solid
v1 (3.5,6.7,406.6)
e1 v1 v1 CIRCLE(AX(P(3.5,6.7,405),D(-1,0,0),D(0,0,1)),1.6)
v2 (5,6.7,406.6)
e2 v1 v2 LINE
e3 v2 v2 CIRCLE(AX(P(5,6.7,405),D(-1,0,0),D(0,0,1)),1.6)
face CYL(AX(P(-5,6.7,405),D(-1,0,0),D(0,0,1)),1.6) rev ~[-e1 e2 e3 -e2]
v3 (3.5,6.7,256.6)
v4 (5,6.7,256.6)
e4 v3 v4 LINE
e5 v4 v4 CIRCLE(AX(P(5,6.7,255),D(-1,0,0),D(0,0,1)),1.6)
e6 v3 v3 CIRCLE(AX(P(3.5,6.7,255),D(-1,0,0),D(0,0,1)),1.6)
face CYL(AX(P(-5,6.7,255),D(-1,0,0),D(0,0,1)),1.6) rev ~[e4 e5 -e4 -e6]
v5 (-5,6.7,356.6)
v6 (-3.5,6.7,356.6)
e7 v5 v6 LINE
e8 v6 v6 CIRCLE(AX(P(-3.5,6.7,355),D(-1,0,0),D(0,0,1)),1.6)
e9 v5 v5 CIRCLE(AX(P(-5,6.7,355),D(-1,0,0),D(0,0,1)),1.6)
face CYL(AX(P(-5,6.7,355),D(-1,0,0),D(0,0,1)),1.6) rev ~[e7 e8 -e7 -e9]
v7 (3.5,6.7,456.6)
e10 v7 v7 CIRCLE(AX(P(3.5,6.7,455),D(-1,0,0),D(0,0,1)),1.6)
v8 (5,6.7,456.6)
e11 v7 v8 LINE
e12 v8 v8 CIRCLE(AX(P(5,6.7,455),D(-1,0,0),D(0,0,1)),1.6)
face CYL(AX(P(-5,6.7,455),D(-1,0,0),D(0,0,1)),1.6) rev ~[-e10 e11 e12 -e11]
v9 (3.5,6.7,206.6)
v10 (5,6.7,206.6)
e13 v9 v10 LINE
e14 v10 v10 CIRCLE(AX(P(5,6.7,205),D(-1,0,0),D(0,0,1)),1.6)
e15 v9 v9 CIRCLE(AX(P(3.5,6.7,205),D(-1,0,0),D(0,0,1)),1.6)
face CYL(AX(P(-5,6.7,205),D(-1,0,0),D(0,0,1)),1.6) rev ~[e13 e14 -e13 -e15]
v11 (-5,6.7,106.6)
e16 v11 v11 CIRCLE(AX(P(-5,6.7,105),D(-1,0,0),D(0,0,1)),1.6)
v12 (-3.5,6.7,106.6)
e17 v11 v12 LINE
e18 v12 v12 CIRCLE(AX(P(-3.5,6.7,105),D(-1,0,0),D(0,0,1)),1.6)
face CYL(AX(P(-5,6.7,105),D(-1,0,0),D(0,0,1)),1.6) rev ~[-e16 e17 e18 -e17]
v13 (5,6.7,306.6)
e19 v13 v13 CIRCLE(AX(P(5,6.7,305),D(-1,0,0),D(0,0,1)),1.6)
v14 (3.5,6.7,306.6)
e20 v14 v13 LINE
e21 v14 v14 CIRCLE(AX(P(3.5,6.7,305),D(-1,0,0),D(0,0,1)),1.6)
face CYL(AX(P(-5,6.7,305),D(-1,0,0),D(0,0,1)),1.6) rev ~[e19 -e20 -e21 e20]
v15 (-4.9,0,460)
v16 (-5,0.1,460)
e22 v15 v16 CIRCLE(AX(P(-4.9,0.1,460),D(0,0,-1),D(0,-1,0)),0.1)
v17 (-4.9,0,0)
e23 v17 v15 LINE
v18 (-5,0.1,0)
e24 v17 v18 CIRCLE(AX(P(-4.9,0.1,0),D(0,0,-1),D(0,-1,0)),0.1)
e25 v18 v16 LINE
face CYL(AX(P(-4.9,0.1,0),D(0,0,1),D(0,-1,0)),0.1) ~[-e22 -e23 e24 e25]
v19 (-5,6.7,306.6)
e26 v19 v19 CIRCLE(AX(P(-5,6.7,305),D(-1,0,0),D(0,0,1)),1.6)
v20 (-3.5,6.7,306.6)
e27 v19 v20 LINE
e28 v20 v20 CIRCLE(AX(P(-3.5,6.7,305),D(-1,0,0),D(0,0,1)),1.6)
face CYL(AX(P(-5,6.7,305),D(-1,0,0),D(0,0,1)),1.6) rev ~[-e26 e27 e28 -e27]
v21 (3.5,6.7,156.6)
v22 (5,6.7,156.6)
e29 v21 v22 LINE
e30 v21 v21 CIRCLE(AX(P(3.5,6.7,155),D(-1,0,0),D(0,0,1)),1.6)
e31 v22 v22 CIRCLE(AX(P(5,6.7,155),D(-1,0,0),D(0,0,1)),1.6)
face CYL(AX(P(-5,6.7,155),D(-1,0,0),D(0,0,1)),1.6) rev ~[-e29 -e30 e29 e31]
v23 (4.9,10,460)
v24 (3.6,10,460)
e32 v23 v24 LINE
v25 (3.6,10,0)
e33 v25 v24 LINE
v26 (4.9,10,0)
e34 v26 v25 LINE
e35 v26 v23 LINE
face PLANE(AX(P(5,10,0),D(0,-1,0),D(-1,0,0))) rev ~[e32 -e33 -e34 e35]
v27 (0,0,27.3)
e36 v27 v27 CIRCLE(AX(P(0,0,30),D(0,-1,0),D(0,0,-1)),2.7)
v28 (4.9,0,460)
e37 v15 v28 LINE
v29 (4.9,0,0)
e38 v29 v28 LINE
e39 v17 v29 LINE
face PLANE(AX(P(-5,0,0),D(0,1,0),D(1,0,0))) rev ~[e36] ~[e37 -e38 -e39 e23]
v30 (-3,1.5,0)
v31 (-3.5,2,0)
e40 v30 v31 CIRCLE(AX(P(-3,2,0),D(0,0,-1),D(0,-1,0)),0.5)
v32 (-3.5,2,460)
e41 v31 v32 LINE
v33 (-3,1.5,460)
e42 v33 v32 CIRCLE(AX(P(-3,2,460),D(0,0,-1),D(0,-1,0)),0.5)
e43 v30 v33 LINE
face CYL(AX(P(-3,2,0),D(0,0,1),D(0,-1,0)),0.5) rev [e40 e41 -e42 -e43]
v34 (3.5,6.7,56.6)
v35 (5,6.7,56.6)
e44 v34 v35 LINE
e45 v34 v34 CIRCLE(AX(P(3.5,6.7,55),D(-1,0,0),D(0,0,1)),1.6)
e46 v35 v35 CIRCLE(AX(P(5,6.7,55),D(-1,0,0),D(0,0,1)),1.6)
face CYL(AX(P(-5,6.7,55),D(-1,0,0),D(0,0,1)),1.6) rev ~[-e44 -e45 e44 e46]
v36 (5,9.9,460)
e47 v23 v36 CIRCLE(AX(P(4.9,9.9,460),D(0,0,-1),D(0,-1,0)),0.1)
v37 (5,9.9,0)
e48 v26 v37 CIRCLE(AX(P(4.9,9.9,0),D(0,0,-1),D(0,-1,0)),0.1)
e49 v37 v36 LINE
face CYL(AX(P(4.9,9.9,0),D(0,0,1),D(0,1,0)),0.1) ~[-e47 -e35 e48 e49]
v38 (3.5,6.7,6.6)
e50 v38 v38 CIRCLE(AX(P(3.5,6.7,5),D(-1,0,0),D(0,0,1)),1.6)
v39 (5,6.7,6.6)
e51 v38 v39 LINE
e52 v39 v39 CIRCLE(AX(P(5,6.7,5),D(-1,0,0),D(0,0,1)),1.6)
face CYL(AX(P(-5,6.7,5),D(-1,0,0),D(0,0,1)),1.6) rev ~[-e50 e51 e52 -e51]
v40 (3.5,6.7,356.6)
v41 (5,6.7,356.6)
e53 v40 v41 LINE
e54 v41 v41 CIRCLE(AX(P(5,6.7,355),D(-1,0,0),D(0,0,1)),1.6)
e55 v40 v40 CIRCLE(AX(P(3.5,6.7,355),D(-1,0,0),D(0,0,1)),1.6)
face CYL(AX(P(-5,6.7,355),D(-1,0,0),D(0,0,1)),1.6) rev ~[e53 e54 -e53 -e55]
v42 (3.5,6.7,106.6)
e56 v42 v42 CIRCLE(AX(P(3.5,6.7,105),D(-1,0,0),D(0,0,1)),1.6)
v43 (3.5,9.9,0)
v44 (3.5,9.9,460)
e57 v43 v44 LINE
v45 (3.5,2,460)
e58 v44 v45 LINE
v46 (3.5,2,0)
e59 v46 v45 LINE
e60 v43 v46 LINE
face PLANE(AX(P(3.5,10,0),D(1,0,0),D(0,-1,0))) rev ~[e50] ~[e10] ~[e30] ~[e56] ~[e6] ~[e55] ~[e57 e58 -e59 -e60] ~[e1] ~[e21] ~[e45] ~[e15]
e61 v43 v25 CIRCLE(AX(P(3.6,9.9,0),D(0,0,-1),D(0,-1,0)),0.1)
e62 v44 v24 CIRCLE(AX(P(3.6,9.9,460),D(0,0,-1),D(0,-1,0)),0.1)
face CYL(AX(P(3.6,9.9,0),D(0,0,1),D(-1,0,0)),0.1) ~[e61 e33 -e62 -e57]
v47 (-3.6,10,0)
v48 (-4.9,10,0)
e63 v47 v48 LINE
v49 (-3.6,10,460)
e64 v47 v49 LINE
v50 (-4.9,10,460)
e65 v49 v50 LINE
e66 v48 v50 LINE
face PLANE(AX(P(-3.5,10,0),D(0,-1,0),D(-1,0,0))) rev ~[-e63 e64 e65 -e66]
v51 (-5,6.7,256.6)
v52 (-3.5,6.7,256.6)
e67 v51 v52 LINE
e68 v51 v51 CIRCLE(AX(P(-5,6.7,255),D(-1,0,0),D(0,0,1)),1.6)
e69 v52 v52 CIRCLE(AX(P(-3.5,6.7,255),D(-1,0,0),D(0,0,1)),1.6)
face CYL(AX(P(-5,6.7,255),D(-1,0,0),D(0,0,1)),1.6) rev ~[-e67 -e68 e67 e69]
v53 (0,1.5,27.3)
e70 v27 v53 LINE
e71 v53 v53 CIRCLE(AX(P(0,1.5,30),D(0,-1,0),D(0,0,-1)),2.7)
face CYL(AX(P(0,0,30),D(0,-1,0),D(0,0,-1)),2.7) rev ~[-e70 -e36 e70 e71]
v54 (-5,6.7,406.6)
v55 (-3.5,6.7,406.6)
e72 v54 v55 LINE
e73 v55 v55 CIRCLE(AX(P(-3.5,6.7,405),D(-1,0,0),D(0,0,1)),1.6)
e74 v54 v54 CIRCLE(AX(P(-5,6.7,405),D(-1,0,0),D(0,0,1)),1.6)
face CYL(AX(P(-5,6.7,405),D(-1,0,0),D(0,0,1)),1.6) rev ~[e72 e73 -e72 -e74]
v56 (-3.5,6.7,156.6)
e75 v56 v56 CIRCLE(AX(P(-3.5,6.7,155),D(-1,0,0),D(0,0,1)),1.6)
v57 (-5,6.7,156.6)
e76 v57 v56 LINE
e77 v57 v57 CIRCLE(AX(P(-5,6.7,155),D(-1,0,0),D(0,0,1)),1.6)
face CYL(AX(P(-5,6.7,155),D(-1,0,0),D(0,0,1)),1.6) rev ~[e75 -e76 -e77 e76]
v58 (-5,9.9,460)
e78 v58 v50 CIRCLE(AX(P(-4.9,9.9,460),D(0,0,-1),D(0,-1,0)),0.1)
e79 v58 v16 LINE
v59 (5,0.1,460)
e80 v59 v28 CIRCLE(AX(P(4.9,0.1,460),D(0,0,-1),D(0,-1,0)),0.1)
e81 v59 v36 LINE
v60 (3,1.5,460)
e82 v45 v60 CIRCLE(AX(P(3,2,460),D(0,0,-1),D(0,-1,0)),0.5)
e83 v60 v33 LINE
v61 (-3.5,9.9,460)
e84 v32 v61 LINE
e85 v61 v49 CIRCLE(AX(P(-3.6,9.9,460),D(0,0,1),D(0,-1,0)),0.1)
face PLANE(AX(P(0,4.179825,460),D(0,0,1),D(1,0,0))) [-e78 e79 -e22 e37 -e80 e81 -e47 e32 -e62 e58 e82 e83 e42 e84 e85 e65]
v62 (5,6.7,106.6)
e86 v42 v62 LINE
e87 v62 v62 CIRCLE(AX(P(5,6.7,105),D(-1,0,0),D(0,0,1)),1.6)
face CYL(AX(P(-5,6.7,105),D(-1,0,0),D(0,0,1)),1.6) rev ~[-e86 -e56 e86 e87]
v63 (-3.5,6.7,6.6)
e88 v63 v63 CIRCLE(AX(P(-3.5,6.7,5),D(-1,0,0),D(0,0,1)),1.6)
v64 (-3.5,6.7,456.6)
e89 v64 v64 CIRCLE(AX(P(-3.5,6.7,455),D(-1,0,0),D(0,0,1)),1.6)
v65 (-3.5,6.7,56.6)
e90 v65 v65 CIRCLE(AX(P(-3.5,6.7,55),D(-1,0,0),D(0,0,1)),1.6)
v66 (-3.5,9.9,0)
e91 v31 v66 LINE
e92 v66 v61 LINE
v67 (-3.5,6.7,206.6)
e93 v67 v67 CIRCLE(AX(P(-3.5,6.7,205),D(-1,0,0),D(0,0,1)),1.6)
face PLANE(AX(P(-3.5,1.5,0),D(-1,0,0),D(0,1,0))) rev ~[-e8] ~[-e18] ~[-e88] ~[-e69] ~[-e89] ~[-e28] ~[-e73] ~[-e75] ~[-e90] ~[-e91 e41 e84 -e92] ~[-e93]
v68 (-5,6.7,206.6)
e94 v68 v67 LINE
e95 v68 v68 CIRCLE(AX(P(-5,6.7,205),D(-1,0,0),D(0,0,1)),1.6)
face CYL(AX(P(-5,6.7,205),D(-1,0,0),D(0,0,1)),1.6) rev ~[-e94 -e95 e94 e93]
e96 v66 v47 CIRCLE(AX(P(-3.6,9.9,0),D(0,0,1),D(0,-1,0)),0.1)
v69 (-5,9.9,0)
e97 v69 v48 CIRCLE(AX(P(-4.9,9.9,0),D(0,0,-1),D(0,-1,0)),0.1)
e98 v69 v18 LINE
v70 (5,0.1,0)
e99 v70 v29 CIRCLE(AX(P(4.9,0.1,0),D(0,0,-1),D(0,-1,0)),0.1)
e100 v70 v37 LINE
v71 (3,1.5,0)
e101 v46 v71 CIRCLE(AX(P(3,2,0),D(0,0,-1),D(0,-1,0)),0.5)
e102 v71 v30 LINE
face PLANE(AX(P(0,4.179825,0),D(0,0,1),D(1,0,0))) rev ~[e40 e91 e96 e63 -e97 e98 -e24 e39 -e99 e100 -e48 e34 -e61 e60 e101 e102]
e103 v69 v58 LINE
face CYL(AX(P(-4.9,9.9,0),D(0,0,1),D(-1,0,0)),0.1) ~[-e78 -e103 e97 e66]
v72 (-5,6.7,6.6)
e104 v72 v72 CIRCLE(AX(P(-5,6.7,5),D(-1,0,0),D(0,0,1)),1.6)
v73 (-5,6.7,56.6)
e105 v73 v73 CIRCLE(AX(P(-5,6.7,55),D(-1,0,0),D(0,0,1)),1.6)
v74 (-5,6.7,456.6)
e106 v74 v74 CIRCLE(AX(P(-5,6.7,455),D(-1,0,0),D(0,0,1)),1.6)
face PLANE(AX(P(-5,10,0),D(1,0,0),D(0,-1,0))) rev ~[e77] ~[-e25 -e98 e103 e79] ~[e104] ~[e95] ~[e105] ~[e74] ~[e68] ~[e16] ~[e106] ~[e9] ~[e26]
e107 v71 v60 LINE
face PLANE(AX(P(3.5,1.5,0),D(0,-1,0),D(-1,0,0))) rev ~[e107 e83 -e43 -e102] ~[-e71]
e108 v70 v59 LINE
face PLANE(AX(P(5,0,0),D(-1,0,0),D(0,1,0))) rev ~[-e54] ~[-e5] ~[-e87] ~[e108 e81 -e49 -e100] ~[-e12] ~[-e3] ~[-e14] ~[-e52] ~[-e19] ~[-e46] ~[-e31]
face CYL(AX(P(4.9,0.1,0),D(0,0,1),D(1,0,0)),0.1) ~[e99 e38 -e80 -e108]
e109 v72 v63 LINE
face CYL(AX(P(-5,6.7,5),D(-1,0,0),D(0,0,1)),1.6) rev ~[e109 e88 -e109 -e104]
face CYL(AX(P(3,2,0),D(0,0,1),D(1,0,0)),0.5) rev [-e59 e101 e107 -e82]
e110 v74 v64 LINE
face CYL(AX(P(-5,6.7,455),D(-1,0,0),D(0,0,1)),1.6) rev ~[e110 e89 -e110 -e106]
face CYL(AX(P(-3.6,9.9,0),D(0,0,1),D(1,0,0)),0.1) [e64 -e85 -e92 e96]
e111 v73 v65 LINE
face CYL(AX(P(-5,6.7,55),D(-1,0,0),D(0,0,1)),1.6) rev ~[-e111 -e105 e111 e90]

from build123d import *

# Parameters (mm, degrees)
BOSS_EXTRUDE1_DEPTH = 460
FILLET1_R           = 0.5
FILLET2_R           = 0.1
SKETCH2_R           = 1.6
CUT_EXTRUDE1_DEPTH  = 461.21733996
SKETCH4_R           = 2.7
CUT_EXTRUDE2_DEPTH  = 461.135849505


with BuildPart() as part:
    # Sketch1 → Boss-Extrude1 (new body)
    with BuildSketch(Plane.XY):
        Polygon((-5, 0), (5, 0), (5, 10), (3.5, 10), (3.5, 1.5), (-3.5, 1.5), (-3.5, 10), (-5, 10), align=None)
    extrude(amount=BOSS_EXTRUDE1_DEPTH)

    # Fillet1
    fillet1_edges = [part.edges().sort_by_distance(p)[0] for p in [
        (-3.5, 1.5, 230),
        (3.5, 1.5, 230),
    ]]
    fillet(fillet1_edges, radius=FILLET1_R)

    # Fillet2
    fillet2_edges = [part.edges().sort_by_distance(p)[0] for p in [
        (5, 0, 230),
        (-5, 0, 230),
        (-5, 10, 230),
        (-3.5, 10, 230),
        (3.5, 10, 230),
        (5, 10, 230),
    ]]
    fillet(fillet2_edges, radius=FILLET2_R)

    # Sketch2 → Cut-Extrude1 (cut, through all)
    with BuildSketch(Plane.ZY.offset(5)):
        with Locations((5, 6.7)):
            Circle(SKETCH2_R)
        with Locations((55, 6.7)):
            Circle(SKETCH2_R)
        with Locations((105, 6.7)):
            Circle(SKETCH2_R)
        with Locations((155, 6.7)):
            Circle(SKETCH2_R)
        with Locations((205, 6.7)):
            Circle(SKETCH2_R)
        with Locations((255, 6.7)):
            Circle(SKETCH2_R)
        with Locations((305, 6.7)):
            Circle(SKETCH2_R)
        with Locations((355, 6.7)):
            Circle(SKETCH2_R)
        with Locations((405, 6.7)):
            Circle(SKETCH2_R)
        with Locations((455, 6.7)):
            Circle(SKETCH2_R)
        with Locations((505, 6.7)):
            Circle(SKETCH2_R)
    extrude(amount=-CUT_EXTRUDE1_DEPTH, mode=Mode.SUBTRACT)

    # Sketch4 → Cut-Extrude2 (cut, through all)
    with BuildSketch(Plane.XZ):
        with Locations(Location((0, 30, 0), (0, 0, 270))):
            Circle(SKETCH4_R)
    extrude(amount=-CUT_EXTRUDE2_DEPTH, mode=Mode.SUBTRACT)


solid = part.part
